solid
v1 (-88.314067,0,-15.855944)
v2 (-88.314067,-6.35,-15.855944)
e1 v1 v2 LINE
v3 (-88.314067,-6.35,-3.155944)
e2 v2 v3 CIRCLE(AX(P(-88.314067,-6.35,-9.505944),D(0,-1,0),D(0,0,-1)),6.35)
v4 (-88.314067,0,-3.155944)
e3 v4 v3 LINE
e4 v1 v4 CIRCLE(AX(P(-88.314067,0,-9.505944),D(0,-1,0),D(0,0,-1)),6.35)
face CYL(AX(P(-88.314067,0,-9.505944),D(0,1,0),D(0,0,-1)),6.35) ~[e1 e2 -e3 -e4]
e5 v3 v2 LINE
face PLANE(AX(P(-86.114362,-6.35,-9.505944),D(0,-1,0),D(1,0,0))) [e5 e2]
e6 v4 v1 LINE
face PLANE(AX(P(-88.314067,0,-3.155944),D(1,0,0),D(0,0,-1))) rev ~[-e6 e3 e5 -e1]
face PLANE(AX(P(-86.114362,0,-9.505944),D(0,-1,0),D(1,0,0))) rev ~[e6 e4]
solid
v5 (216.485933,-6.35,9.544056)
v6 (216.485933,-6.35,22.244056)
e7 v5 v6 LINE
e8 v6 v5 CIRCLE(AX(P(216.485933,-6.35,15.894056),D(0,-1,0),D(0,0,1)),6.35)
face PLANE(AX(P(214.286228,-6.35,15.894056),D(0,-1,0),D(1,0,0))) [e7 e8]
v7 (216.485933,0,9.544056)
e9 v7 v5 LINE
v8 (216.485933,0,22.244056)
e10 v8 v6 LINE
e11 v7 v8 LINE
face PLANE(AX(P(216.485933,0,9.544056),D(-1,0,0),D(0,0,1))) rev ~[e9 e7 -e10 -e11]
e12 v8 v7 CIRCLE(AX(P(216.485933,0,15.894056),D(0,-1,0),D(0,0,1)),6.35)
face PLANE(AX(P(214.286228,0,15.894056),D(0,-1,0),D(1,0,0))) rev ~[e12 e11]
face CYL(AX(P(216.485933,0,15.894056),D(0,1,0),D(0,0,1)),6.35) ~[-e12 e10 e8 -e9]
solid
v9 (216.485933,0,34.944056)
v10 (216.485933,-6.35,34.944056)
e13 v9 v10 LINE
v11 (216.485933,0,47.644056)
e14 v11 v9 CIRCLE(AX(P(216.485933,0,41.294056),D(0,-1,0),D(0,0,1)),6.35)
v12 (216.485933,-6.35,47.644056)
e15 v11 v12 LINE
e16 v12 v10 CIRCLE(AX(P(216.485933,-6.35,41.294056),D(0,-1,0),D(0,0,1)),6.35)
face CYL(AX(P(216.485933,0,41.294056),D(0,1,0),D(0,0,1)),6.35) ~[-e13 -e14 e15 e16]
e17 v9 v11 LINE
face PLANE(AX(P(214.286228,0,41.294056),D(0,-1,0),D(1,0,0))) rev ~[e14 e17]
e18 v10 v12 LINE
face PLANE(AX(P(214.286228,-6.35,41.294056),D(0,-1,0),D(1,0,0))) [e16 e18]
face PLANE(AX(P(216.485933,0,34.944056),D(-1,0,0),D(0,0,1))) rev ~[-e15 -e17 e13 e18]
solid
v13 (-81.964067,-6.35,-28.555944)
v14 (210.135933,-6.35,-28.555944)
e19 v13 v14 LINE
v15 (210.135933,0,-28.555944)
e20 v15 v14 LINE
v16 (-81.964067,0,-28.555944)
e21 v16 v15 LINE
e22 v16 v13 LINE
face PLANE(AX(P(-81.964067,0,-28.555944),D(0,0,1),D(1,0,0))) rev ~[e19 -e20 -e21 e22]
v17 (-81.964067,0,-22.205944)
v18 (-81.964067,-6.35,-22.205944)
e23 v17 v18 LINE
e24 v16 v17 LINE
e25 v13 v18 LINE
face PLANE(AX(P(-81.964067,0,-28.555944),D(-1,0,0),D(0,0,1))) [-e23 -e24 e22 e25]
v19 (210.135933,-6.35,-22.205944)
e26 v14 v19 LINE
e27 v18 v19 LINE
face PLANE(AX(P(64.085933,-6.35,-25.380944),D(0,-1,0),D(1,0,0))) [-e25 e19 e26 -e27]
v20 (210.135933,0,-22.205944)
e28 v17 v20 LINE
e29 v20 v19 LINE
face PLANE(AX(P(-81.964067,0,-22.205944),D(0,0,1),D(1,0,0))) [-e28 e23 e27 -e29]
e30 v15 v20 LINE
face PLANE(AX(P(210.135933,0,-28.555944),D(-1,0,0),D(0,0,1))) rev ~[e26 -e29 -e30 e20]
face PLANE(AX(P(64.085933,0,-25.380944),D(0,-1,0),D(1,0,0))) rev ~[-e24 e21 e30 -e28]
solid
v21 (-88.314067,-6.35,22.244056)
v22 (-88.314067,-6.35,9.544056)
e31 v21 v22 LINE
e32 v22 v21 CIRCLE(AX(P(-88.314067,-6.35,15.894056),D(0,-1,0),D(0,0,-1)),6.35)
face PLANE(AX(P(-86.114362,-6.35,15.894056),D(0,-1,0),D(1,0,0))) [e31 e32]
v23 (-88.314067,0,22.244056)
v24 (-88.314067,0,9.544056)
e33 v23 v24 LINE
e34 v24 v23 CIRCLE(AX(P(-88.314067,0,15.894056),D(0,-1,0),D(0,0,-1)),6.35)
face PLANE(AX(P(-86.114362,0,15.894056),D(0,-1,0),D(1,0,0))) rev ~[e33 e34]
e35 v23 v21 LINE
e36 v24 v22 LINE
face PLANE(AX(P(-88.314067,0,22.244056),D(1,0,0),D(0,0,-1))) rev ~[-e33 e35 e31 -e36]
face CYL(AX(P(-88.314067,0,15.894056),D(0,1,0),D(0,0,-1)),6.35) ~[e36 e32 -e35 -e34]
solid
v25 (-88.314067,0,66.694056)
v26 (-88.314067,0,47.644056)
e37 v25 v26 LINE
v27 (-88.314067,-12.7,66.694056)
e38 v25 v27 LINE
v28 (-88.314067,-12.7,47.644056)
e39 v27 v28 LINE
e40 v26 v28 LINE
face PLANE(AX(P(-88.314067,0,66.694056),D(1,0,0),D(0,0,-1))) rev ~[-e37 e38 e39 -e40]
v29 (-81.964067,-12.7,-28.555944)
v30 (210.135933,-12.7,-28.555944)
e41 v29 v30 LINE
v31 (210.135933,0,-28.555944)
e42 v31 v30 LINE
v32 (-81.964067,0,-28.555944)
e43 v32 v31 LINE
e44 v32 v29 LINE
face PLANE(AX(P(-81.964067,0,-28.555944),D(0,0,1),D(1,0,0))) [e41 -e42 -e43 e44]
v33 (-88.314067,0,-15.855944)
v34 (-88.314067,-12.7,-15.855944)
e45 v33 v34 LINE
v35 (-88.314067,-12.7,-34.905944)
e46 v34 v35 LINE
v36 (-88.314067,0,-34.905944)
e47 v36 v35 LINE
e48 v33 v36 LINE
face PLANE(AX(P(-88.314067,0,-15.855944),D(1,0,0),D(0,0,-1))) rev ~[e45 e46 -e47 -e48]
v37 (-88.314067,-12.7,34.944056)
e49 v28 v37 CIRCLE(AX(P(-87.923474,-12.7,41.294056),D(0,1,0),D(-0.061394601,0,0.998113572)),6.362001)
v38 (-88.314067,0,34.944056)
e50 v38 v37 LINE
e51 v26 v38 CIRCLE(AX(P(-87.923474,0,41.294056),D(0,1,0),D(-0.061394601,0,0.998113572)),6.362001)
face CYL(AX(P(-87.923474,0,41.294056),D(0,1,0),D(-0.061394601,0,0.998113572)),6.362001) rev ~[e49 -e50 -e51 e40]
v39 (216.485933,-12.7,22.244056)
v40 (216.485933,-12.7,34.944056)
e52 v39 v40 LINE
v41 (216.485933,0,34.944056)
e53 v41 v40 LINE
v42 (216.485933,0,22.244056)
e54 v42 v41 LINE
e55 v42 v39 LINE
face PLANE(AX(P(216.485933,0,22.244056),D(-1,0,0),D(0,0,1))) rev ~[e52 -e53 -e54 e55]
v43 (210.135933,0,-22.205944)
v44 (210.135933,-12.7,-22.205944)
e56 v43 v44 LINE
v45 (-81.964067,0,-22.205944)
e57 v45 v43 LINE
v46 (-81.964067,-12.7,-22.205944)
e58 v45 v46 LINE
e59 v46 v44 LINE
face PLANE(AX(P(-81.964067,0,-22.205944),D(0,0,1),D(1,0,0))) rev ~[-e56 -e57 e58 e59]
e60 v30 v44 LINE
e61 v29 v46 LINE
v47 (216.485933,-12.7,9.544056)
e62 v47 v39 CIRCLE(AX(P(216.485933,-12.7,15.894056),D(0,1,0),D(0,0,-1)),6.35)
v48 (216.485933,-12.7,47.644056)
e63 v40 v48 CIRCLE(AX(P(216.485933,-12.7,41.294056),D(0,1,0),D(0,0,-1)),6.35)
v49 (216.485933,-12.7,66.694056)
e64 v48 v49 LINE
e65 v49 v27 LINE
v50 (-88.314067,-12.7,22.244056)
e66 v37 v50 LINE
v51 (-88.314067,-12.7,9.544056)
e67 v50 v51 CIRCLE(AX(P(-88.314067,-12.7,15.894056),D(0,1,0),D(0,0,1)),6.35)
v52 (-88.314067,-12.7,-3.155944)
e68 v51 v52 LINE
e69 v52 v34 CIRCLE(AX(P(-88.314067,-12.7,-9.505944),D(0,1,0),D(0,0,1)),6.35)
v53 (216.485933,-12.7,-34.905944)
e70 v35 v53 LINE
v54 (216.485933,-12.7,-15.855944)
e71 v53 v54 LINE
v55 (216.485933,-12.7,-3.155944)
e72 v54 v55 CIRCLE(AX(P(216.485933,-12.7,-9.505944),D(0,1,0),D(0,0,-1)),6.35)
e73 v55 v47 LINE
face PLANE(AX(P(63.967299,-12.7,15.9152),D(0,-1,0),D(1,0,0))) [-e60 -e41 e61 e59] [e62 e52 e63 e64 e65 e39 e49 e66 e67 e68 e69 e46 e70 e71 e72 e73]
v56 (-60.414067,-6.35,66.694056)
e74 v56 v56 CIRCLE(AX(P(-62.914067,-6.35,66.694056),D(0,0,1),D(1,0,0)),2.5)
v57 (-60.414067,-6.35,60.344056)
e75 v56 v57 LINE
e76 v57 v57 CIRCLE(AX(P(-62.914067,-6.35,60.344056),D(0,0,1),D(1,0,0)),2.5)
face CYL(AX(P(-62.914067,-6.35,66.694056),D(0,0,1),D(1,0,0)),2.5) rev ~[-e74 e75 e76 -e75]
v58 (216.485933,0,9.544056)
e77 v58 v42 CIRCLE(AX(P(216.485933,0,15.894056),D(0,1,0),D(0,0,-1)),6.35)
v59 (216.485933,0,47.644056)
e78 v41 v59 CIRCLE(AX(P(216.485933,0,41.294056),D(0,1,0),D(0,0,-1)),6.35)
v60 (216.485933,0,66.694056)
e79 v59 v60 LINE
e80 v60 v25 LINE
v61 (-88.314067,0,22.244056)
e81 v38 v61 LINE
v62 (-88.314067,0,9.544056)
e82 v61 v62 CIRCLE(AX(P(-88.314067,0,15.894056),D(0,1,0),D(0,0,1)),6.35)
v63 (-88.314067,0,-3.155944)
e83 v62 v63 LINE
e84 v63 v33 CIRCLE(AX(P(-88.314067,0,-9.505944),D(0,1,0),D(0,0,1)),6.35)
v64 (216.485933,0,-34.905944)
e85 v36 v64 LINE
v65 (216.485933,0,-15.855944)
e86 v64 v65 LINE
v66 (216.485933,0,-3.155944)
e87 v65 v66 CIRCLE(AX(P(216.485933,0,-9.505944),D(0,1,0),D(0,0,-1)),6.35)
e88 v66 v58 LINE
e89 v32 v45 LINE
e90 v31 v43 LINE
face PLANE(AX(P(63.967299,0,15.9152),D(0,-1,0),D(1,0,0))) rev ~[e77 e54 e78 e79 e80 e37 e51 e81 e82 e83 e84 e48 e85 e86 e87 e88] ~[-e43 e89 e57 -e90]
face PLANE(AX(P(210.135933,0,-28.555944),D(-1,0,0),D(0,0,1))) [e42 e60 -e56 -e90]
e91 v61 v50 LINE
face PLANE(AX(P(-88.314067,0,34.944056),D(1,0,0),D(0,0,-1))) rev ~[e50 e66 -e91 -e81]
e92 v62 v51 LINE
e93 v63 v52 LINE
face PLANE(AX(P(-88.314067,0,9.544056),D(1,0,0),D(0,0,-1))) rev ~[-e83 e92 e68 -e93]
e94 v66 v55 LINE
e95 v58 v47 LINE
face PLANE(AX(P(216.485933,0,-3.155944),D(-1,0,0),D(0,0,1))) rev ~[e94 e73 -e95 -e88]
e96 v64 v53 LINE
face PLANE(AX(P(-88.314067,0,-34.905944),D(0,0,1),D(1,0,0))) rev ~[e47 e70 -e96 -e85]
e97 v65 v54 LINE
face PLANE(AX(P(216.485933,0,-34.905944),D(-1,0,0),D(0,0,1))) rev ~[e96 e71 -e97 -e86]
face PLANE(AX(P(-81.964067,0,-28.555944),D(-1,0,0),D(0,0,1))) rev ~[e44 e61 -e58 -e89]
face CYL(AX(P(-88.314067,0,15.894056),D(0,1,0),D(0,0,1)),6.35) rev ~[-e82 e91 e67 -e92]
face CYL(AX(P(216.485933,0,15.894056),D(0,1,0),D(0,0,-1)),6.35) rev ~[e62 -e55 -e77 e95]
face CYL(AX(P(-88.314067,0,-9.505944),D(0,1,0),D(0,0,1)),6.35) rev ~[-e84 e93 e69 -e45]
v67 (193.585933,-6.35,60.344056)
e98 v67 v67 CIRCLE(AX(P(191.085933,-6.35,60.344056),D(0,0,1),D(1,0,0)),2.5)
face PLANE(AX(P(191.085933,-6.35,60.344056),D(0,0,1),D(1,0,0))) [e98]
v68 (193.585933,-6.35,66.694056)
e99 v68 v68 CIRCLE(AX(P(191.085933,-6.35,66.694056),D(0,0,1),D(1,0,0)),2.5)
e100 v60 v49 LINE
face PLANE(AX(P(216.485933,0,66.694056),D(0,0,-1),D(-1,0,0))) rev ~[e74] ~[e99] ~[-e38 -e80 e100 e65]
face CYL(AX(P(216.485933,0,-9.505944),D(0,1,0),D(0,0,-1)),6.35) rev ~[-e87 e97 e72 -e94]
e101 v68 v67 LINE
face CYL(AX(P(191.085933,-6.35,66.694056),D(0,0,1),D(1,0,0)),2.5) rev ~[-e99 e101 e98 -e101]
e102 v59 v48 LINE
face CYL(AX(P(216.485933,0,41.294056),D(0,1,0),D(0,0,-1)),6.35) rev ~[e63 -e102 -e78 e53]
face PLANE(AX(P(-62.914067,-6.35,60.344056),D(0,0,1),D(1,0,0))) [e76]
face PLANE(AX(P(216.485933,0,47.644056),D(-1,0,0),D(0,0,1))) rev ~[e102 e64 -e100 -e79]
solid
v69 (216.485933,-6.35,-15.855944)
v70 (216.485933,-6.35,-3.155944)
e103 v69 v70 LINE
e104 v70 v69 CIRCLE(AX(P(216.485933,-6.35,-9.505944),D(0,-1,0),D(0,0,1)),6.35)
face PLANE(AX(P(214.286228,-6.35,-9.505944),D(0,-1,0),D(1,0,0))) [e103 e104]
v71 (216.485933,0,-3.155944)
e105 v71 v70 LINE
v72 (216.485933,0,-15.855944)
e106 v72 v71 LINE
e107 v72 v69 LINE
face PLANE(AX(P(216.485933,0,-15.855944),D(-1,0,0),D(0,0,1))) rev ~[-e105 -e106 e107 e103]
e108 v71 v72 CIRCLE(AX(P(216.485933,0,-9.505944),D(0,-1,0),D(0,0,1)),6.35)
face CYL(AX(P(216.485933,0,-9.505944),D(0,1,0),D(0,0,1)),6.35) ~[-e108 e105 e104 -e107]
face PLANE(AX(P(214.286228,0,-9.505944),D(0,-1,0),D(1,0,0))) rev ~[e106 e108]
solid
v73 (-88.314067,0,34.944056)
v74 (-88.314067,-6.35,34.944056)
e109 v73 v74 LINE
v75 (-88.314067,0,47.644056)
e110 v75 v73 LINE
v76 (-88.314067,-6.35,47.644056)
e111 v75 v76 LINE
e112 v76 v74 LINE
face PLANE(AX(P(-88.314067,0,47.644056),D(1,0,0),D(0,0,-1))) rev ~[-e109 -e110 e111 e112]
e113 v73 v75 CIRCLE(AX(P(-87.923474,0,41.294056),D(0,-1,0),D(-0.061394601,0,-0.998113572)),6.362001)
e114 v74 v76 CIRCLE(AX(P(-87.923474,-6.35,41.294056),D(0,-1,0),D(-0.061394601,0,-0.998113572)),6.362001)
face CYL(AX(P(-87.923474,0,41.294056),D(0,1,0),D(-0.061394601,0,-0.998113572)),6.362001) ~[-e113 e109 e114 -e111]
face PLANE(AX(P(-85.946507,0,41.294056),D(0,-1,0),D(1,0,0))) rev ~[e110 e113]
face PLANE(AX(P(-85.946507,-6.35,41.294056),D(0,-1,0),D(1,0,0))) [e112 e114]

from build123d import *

# Parameters (mm, degrees)
F0_W     = 292.1
F0_H     = 6.35
F1_DEPTH = 6.35
F2_DEPTH = 6.35
F3_DEPTH = 12.7
F4_R     = 2.5
F5_DEPTH = 6.35


with BuildPart() as f1:
    # F0 (on Front) → F1 (new body)
    with BuildSketch(Plane.XZ):
        with Locations((64.085933, -25.380944)):
            Rectangle(F0_W, F0_H)
    extrude(amount=F1_DEPTH)


with BuildPart() as f2:
    # F0 (on Front) → F2 (new body)
    with BuildSketch(Plane.XZ):
        with BuildLine():
            ThreePointArc((-88.314067, -15.855944), (-81.964067, -9.505944), (-88.314067, -3.155944))
            Line((-88.314067, -3.155944), (-88.314067, -15.855944))
        make_face()
        with BuildLine():
            ThreePointArc((-88.314067, 9.544056), (-81.964067, 15.894056), (-88.314067, 22.244056))
            Line((-88.314067, 22.244056), (-88.314067, 9.544056))
        make_face()
        with BuildLine():
            ThreePointArc((-88.314067, 34.944056), (-81.561473, 41.294056), (-88.314067, 47.644056))
            Line((-88.314067, 47.644056), (-88.314067, 34.944056))
        make_face()
        with BuildLine():
            Line((216.485933, 34.944056), (216.485933, 47.644056))
            ThreePointArc((216.485933, 47.644056), (210.135933, 41.294056), (216.485933, 34.944056))
        make_face()
        with BuildLine():
            Line((216.485933, 9.544056), (216.485933, 22.244056))
            ThreePointArc((216.485933, 22.244056), (210.135933, 15.894056), (216.485933, 9.544056))
        make_face()
        with BuildLine():
            Line((216.485933, -15.855944), (216.485933, -3.155944))
            ThreePointArc((216.485933, -3.155944), (210.135933, -9.505944), (216.485933, -15.855944))
        make_face()
    extrude(amount=F2_DEPTH)


with BuildPart() as f3:
    # F0 (on Front) → F3 (new body)
    with BuildSketch(Plane.XZ):
        with BuildLine():
            Line((216.485933, 66.694056), (-88.314067, 66.694056))
            Line((-88.314067, 66.694056), (-88.314067, 47.644056))
            ThreePointArc((-88.314067, 47.644056), (-81.561473, 41.294056), (-88.314067, 34.944056))
            Line((-88.314067, 34.944056), (-88.314067, 22.244056))
            ThreePointArc((-88.314067, 22.244056), (-81.964067, 15.894056), (-88.314067, 9.544056))
            Line((-88.314067, 9.544056), (-88.314067, -3.155944))
            ThreePointArc((-88.314067, -3.155944), (-81.964067, -9.505944), (-88.314067, -15.855944))
            Line((-88.314067, -15.855944), (-88.314067, -34.905944))
            Line((-88.314067, -34.905944), (216.485933, -34.905944))
            Line((216.485933, -34.905944), (216.485933, -15.855944))
            ThreePointArc((216.485933, -15.855944), (210.135933, -9.505944), (216.485933, -3.155944))
            Line((216.485933, -3.155944), (216.485933, 9.544056))
            ThreePointArc((216.485933, 9.544056), (210.135933, 15.894056), (216.485933, 22.244056))
            Line((216.485933, 22.244056), (216.485933, 34.944056))
            ThreePointArc((216.485933, 34.944056), (210.135933, 41.294056), (216.485933, 47.644056))
            Line((216.485933, 47.644056), (216.485933, 66.694056))
        make_face()
        with Locations((64.085933, -25.380944)):
            Rectangle(F0_W, F0_H, mode=Mode.SUBTRACT)
    extrude(amount=F3_DEPTH)

    # F4 (on face) → F5 (cut)
    with BuildSketch(Plane.XY.offset(66.694056)):
        with Locations((191.085933, -6.35)):
            Circle(F4_R)
        with Locations((-62.914067, -6.35)):
            Circle(F4_R)
    extrude(amount=-F5_DEPTH, mode=Mode.SUBTRACT)


solid = Compound([f1.part, f2.part, f3.part])
